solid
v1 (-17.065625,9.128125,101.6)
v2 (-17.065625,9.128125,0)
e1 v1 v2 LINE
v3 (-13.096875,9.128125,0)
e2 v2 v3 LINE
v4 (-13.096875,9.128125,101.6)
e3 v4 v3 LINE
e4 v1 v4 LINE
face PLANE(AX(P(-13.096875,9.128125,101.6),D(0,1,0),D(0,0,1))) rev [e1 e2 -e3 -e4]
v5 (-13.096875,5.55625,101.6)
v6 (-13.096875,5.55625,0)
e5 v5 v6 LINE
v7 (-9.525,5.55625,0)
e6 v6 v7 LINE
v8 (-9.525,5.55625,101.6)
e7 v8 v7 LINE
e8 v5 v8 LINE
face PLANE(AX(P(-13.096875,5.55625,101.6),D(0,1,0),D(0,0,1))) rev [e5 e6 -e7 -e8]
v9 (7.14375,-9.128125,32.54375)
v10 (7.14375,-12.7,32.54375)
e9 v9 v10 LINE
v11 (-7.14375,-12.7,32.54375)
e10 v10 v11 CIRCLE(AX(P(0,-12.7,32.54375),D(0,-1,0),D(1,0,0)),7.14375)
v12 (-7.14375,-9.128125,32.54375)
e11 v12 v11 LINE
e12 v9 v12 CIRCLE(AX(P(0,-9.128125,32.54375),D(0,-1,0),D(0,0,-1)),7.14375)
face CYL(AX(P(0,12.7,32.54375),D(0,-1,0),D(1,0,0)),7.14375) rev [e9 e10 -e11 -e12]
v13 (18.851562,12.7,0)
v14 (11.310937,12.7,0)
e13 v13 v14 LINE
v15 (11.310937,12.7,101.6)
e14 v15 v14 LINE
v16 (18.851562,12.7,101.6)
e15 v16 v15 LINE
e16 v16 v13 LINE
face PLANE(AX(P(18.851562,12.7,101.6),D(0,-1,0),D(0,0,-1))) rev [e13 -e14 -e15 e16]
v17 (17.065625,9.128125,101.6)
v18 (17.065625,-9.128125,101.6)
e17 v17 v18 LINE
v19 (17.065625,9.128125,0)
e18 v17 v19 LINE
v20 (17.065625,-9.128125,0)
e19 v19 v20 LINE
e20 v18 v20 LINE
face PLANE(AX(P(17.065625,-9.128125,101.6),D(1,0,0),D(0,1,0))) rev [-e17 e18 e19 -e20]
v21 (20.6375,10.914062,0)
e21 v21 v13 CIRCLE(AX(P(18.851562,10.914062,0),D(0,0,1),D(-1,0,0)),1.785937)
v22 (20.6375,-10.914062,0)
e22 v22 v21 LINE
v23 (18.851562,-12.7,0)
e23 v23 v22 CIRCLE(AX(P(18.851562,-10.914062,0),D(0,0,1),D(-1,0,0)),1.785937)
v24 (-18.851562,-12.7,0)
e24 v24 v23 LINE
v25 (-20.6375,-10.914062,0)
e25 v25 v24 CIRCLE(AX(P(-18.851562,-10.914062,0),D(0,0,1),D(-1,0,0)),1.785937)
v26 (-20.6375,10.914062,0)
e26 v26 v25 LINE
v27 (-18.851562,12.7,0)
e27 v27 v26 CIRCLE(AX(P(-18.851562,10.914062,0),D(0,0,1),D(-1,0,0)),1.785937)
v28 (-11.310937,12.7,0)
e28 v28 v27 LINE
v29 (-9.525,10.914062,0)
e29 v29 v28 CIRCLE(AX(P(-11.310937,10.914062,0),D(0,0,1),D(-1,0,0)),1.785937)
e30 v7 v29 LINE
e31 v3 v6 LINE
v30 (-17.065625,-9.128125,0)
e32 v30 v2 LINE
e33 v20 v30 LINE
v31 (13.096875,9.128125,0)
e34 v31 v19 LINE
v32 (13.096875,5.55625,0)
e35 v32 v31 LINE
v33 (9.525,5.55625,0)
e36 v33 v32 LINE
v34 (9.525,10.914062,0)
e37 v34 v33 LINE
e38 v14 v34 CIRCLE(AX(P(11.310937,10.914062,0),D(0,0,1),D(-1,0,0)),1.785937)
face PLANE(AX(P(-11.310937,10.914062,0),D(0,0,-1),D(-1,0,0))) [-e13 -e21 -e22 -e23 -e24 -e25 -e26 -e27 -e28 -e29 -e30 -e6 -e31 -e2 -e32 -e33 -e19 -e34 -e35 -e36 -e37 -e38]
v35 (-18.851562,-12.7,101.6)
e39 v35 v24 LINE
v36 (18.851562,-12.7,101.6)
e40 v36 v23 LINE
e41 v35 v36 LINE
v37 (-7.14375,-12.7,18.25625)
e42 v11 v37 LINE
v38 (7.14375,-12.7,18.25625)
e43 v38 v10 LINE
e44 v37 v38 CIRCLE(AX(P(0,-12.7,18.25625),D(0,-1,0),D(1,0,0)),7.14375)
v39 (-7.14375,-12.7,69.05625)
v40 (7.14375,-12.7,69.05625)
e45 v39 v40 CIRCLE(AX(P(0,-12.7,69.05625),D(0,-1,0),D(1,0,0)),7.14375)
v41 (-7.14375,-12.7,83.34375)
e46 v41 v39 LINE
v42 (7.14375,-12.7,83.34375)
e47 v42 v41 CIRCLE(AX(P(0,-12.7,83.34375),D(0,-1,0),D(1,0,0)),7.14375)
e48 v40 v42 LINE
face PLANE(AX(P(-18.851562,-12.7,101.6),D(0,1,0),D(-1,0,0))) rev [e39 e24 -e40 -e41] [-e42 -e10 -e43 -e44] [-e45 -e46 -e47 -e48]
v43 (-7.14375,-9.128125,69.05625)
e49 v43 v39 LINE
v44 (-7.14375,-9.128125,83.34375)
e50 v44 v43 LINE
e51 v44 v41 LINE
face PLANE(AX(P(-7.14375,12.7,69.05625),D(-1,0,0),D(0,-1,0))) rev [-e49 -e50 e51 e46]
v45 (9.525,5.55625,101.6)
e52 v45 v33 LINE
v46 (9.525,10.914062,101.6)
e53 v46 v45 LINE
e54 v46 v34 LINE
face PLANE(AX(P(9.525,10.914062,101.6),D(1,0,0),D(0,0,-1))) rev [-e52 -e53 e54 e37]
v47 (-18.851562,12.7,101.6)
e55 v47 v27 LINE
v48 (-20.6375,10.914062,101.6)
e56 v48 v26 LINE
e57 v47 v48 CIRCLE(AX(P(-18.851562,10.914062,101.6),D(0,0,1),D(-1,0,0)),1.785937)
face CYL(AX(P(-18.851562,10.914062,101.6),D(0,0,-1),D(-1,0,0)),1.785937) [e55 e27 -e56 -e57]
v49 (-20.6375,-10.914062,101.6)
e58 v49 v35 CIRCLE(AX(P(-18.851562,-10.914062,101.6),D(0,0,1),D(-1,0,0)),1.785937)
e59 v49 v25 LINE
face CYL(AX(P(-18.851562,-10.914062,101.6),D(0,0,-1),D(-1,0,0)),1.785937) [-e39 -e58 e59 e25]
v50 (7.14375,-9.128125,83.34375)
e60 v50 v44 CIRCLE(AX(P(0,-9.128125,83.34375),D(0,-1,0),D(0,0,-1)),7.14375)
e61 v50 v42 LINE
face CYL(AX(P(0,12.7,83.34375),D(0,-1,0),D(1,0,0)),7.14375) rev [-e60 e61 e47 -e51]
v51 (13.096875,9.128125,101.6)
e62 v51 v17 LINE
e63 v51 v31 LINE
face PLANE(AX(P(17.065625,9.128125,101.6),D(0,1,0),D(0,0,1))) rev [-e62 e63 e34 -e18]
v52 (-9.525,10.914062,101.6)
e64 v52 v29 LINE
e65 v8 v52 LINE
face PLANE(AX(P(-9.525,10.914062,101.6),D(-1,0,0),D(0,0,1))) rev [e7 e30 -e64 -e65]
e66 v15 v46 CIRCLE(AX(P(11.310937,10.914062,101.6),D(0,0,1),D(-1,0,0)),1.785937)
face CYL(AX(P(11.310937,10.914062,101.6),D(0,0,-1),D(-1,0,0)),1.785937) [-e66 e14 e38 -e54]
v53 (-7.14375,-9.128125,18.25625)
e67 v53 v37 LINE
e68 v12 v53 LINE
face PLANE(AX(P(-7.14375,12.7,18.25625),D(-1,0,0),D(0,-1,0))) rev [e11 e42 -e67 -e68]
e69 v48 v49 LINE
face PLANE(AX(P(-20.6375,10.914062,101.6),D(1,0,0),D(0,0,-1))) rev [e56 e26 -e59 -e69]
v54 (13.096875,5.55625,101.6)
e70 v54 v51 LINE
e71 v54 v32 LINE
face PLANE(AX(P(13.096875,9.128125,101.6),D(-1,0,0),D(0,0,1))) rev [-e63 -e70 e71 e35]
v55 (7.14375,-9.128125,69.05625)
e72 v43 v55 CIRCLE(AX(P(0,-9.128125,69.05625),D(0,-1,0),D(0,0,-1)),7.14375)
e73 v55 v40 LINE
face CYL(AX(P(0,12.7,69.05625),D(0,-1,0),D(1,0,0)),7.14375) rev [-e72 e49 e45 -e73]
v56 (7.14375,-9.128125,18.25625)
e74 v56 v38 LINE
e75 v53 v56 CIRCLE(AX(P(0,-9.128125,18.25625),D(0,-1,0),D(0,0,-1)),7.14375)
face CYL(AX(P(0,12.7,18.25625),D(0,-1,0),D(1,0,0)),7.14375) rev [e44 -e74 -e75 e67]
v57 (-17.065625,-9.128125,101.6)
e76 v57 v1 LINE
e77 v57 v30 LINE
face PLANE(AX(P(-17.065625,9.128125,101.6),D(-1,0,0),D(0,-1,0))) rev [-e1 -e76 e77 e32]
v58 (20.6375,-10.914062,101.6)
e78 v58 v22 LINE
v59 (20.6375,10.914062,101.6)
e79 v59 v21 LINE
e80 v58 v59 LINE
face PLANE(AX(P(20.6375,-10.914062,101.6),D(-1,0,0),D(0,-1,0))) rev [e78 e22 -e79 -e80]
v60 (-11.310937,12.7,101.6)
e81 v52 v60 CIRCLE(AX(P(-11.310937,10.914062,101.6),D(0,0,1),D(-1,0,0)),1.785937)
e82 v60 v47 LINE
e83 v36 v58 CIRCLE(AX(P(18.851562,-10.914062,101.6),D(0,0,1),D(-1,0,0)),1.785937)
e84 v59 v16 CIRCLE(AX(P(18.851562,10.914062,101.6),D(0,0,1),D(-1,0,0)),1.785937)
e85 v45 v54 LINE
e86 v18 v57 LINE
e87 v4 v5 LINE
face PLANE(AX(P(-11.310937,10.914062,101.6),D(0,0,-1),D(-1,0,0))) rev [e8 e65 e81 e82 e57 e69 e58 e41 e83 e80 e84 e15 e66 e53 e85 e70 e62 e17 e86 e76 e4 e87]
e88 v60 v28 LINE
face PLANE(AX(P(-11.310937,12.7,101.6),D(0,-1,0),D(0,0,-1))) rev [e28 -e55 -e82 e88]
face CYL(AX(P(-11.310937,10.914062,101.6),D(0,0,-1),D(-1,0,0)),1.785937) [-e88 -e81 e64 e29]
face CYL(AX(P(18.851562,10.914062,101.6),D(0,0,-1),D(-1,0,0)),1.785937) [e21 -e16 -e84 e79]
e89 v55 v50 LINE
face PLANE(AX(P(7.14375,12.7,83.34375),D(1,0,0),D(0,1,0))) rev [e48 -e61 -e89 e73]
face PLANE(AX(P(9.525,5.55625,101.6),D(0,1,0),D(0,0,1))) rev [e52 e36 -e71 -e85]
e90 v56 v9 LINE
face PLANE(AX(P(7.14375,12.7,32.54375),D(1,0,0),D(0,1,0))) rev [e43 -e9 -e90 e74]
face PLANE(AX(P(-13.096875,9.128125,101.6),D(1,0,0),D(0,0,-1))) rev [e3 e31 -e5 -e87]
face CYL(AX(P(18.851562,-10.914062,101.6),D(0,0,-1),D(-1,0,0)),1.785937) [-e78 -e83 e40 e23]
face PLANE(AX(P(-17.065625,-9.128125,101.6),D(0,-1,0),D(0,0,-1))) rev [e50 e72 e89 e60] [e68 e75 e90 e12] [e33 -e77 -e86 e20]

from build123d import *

# Parameters (mm, degrees)
BASE_EXTRUDE_DEPTH = 101.6
SLOT_DEPTH         = 107.74093126
LPATTERN1_COUNT    = 2
LPATTERN1_PITCH    = 50.8


with BuildPart() as part:
    # Sketch1 → Base-Extrude (new body)
    with BuildSketch(Plane.XY):
        with BuildLine():
            Line((-11.3109375, 12.7), (-18.8515625, 12.7))
            ThreePointArc((-18.8515625, 12.7), (-20.114411017, 12.176911017), (-20.6375, 10.9140625))
            Line((-20.6375, 10.9140625), (-20.6375, -10.9140625))
            ThreePointArc((-20.6375, -10.9140625), (-20.114411017, -12.176911017), (-18.8515625, -12.7))
            Line((-18.8515625, -12.7), (18.8515625, -12.7))
            ThreePointArc((18.8515625, -12.7), (20.114411017, -12.176911017), (20.6375, -10.9140625))
            Line((20.6375, -10.9140625), (20.6375, 10.9140625))
            ThreePointArc((20.6375, 10.9140625), (20.114411017, 12.176911017), (18.8515625, 12.7))
            Line((18.8515625, 12.7), (11.3109375, 12.7))
            ThreePointArc((11.3109375, 12.7), (10.048088983, 12.176911017), (9.525, 10.9140625))
            Line((9.525, 10.9140625), (9.525, 5.55625))
            Line((9.525, 5.55625), (13.096875, 5.55625))
            Line((13.096875, 5.55625), (13.096875, 9.128125))
            Line((13.096875, 9.128125), (17.065625, 9.128125))
            Line((17.065625, 9.128125), (17.065625, -9.128125))
            Line((17.065625, -9.128125), (-17.065625, -9.128125))
            Line((-17.065625, -9.128125), (-17.065625, 9.128125))
            Line((-17.065625, 9.128125), (-13.096875, 9.128125))
            Line((-13.096875, 9.128125), (-13.096875, 5.55625))
            Line((-13.096875, 5.55625), (-9.525, 5.55625))
            Line((-9.525, 5.55625), (-9.525, 10.9140625))
            ThreePointArc((-9.525, 10.9140625), (-10.048088983, 12.176911017), (-11.3109375, 12.7))
        make_face()
    extrude(amount=BASE_EXTRUDE_DEPTH)

    # Sketch2 → Slot (cut, through all)
    with BuildSketch(Plane.XZ.offset(12.7)):
        with BuildLine():
            Line((7.14375, 32.54375), (7.14375, 18.25625))
            ThreePointArc((7.14375, 18.25625), (0, 11.1125), (-7.14375, 18.25625))
            Line((-7.14375, 18.25625), (-7.14375, 32.54375))
            ThreePointArc((-7.14375, 32.54375), (0, 39.6875), (7.14375, 32.54375))
        make_face()
    slot = extrude(amount=-SLOT_DEPTH, mode=Mode.SUBTRACT)

    # LPattern1: Slot ×2
    with Locations(*[(0, 0, i * LPATTERN1_PITCH) for i in range(1, LPATTERN1_COUNT)]):
        add(slot, mode=Mode.SUBTRACT)


solid = part.part
